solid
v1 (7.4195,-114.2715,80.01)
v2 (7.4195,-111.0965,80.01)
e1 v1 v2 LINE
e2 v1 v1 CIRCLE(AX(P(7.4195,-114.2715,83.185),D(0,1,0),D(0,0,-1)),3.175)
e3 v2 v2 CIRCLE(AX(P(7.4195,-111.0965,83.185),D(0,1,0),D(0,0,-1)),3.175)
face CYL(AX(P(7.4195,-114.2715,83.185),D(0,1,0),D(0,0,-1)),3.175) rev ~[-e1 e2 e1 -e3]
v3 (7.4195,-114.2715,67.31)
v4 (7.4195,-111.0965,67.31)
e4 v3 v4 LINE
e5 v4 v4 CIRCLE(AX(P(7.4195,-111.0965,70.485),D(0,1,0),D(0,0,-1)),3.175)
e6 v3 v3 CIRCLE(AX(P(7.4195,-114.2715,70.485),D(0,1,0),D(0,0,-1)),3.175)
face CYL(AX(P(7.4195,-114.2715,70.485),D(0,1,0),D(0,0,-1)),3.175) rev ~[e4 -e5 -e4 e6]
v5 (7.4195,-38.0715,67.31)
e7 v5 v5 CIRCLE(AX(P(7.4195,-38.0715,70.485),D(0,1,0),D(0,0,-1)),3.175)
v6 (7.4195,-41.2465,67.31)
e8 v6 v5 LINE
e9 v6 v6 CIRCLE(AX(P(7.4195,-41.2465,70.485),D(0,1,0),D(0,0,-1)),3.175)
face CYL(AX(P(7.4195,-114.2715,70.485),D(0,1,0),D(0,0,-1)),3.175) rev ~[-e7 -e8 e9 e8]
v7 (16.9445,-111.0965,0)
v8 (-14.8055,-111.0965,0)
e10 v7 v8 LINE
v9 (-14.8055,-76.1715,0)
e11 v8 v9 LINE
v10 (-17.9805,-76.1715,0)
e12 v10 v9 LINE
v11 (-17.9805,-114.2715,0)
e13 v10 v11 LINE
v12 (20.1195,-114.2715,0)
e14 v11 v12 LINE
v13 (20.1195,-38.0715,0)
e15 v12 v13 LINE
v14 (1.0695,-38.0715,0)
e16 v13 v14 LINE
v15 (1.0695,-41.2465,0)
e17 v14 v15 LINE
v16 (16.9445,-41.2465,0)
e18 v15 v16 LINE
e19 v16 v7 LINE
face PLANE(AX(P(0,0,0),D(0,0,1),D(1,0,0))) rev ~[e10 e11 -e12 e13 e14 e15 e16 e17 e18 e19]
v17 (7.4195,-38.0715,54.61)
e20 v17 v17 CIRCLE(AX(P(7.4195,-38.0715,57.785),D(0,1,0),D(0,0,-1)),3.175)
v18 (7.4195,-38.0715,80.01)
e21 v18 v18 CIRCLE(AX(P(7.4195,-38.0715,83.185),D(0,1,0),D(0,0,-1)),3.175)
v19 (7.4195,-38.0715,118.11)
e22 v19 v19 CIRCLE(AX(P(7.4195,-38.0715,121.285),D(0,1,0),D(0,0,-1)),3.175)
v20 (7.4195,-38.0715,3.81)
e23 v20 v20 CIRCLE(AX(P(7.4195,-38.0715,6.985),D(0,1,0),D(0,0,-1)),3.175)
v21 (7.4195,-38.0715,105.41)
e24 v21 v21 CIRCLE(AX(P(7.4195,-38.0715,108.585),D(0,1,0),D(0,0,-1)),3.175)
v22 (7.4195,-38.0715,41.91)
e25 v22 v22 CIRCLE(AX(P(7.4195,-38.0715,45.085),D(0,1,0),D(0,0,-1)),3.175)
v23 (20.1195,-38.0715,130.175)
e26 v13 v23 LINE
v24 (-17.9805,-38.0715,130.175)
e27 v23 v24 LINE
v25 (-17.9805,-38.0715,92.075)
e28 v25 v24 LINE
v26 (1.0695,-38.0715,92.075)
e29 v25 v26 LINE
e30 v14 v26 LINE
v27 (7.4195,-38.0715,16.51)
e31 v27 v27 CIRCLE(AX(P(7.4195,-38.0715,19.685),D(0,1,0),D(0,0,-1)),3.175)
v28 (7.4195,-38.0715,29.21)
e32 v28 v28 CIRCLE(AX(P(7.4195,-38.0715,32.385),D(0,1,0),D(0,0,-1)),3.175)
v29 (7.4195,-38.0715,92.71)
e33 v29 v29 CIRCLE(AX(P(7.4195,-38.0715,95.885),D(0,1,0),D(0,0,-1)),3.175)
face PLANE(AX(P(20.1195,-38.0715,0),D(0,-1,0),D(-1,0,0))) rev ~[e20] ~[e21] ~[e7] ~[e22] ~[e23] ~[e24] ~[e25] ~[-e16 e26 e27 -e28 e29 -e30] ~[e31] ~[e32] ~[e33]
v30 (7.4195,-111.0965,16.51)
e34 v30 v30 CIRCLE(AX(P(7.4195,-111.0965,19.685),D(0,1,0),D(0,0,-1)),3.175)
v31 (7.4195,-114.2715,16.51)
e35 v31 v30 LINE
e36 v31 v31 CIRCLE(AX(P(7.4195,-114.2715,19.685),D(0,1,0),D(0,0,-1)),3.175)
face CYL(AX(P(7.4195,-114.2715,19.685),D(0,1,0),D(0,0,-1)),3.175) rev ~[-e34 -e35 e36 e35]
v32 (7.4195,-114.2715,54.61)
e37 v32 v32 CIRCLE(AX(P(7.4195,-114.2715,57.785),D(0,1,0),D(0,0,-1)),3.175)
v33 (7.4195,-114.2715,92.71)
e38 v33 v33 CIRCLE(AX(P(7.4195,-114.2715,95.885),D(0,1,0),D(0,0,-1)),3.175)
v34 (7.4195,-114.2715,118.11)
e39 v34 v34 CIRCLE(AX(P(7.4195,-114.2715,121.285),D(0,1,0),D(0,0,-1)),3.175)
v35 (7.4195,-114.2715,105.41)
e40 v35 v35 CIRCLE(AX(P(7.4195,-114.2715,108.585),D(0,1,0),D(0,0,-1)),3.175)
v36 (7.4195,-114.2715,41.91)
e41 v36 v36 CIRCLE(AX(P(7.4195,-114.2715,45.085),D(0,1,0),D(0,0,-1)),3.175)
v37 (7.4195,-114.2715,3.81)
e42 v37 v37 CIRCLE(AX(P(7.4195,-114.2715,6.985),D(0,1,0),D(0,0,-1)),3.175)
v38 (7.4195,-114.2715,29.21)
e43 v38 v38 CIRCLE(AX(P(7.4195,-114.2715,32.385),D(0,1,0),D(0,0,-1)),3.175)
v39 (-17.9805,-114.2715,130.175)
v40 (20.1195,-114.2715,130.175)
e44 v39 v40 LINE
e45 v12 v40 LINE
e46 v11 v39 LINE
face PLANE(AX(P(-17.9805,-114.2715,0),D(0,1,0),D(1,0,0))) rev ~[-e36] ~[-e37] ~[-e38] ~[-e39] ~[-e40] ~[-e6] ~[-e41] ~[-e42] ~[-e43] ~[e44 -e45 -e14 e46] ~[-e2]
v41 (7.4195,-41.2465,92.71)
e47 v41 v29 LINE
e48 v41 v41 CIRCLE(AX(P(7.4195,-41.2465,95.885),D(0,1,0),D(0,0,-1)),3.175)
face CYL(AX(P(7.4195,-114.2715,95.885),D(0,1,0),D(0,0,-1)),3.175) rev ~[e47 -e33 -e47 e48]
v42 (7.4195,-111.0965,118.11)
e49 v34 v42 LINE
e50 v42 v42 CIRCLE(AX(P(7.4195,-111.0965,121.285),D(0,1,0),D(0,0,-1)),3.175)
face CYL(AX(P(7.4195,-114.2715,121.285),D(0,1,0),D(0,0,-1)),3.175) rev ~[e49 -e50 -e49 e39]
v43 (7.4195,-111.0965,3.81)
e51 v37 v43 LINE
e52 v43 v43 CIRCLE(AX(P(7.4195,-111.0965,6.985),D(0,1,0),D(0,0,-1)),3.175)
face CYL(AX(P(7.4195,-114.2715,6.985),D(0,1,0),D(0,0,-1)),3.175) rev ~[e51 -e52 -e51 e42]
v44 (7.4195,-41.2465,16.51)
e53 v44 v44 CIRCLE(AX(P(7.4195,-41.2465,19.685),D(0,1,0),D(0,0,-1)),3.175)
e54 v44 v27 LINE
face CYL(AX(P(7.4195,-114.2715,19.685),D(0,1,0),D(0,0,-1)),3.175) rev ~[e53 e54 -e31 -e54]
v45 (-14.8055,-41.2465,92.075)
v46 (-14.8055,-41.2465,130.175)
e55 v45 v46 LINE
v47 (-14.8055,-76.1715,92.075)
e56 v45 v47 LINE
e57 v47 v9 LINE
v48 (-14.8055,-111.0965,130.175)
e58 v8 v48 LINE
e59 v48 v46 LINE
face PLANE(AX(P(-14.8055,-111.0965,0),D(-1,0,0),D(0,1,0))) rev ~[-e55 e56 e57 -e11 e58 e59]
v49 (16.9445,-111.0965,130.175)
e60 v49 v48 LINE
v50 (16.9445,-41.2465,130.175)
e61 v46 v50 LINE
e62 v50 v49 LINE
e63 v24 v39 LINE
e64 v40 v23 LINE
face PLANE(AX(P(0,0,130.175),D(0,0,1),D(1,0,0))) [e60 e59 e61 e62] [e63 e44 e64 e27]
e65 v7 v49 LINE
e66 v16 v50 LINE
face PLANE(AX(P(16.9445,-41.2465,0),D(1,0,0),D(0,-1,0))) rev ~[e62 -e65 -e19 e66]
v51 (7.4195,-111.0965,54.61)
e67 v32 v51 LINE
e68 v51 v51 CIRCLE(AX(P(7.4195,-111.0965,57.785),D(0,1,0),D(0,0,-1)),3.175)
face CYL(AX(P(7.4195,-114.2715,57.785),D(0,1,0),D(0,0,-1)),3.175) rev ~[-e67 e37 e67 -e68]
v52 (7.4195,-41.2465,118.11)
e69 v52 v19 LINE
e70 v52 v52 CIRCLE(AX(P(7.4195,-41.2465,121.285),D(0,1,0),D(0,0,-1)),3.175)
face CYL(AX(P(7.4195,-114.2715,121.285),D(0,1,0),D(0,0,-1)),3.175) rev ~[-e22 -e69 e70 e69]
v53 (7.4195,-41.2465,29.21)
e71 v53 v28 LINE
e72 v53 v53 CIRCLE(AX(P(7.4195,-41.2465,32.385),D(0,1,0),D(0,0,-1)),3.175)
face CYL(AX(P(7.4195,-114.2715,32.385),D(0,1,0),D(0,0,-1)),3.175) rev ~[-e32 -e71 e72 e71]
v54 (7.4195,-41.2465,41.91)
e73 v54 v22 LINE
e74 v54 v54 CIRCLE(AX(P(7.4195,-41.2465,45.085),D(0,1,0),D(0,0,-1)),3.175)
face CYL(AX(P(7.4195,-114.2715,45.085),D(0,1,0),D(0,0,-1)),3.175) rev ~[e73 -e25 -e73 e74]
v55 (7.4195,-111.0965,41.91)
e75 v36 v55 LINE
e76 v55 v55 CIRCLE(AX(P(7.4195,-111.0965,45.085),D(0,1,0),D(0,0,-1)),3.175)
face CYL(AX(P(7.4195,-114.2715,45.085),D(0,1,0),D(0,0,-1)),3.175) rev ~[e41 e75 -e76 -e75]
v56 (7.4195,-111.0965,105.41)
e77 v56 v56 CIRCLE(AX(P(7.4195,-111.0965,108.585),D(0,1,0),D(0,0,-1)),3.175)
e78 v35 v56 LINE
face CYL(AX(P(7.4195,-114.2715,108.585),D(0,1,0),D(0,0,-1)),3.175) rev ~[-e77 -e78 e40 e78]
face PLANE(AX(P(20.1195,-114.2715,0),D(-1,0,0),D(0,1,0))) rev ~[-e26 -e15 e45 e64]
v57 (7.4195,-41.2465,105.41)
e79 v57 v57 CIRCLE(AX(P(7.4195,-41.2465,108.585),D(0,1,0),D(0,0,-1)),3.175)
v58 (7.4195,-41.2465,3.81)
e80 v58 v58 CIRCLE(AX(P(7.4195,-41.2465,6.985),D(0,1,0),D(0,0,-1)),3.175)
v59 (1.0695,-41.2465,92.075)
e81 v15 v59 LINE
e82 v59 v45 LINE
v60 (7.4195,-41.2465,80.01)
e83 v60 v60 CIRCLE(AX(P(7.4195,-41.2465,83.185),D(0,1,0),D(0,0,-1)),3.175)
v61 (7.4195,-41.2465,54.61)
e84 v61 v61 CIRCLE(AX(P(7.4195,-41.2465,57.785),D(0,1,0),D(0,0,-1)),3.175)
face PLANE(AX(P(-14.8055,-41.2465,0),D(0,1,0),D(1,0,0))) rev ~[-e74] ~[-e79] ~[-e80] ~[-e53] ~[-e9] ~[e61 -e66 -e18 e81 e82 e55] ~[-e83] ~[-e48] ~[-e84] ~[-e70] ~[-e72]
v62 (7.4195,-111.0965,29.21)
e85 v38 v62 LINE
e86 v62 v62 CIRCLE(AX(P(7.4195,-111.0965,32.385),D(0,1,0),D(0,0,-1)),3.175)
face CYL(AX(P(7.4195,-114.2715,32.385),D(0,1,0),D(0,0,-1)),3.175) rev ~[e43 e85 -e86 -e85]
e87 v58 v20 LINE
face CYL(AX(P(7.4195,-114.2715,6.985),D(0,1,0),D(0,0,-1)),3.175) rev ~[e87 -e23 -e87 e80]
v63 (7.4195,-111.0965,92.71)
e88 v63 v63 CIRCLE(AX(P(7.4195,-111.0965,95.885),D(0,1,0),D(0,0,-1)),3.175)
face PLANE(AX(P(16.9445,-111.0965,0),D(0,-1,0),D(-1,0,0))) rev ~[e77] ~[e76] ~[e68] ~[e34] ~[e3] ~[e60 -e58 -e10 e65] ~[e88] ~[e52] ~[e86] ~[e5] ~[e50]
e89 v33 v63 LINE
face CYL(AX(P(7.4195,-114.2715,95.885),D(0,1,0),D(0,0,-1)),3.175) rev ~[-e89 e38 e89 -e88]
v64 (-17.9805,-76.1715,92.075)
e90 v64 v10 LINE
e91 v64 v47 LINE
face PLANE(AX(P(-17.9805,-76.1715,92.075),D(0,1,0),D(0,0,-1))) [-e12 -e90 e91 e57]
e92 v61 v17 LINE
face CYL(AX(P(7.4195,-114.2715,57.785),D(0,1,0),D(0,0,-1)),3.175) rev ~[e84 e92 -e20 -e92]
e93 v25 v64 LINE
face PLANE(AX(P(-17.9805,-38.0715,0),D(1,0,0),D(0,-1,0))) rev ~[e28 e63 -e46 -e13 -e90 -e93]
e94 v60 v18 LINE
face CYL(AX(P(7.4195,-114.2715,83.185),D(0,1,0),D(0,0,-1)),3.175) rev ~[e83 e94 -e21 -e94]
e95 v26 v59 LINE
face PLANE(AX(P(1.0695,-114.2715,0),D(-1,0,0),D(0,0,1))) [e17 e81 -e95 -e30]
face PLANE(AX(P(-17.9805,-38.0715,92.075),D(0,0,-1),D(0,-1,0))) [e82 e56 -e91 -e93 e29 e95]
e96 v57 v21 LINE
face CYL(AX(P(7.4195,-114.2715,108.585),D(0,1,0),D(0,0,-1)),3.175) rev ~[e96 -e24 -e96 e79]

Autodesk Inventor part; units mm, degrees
ref_plane "YZ Plane" through (0, 0, 0) normal (1, 0, 0) x (0, 1, 0)
ref_plane "XZ Plane" through (0, 0, 0) normal (0, 1, 0) x (-1, 0, 0)
ref_plane "XY Plane" through (0, 0, 0) normal (0, 0, 1) x (1, 0, 0)
sketch "Sketch1" plane through (0, 0, 0) normal (0, 0, 1) x (1, 0, 0)
  line L0 (20.1195, -38.0715) -> (-17.9805, -38.0715)
  line L1 (-17.9805, -38.0715) -> (-17.9805, -114.2715)
  line L2 (-17.9805, -114.2715) -> (20.1195, -114.2715)
  line L3 (20.1195, -114.2715) -> (20.1195, -38.0715)
  line L4 (16.9445, -111.0965) -> (-14.8055, -111.0965)
  line L5 (-14.8055, -111.0965) -> (-14.8055, -41.2465)
  line L6 (-14.8055, -41.2465) -> (16.9445, -41.2465)
  line L7 (16.9445, -41.2465) -> (16.9445, -111.0965)
  point P0 (0, 0)
  dimension "d0" = 76.2
  dimension "d1" = 38.1
  dimension "d2" = 3.175
extrude "Extrusion1" add sketch "Sketch1" along normal blind 130.175
sketch "Sketch2" plane through (-17.9805, -114.2715, 0) normal (-1, 0, 0) x (0, 0, 1)
  line L0 (0, 76.2) -> (130.175, 76.2) projected
  line L1 (0, 76.2) -> (0, 0) projected
  line L2 (0, 0) -> (130.175, 0) projected
  line L3 (130.175, 76.2) -> (130.175, 0) projected
  line L4 (0, 76.2) -> (92.075, 76.2)
  line L5 (92.075, 76.2) -> (92.075, 38.1)
  line L6 (92.075, 38.1) -> (0, 38.1)
  line L7 (0, 38.1) -> (0, 76.2)
  point P0 (0, 114.2715)
  dimension "d27" = 38.1
  dimension "d28" = 38.1
extrude "Extrusion2" cut sketch "Sketch2" against normal blind 19.05 contours L0 L5 L6 L1
sketch "Sketch3" plane through (-17.9805, -114.2715, 0) normal (0, -1, 0) x (1, 0, 0)
  line L0 (38.1, 0) -> (38.1, 130.175) projected
  line L1 (0, 130.175) -> (38.1, 130.175) projected
  point P0 (17.9805, 0)
  point P1 (25.4, 121.285)
  point P2 (25.4, 108.585)
  point P3 (25.4, 95.885)
  point P4 (25.4, 83.185)
  point P5 (25.4, 70.485)
  point P6 (25.4, 57.785)
  point P7 (25.4, 45.085)
  point P8 (25.4, 32.385)
  point P9 (25.4, 19.685)
  point P10 (25.4, 6.985)
  dimension "d9" = 12.7
  dimension "d10" = 8.89
  dimension "d13" = 12.7
hole "Hole1" at (7.4195, -114.2715, 121.285) at (7.4195, -114.2715, 108.585) at (7.4195, -114.2715, 95.885) at (7.4195, -114.2715, 83.185) at (7.4195, -114.2715, 70.485) at (7.4195, -114.2715, 57.785) at (7.4195, -114.2715, 45.085) at (7.4195, -114.2715, 32.385) at (7.4195, -114.2715, 19.685) at (7.4195, -114.2715, 6.985) direction (0, 1, 0) diameter 6.35 end through all
properties part number "2018 Scissor Stand Off Outside B"
